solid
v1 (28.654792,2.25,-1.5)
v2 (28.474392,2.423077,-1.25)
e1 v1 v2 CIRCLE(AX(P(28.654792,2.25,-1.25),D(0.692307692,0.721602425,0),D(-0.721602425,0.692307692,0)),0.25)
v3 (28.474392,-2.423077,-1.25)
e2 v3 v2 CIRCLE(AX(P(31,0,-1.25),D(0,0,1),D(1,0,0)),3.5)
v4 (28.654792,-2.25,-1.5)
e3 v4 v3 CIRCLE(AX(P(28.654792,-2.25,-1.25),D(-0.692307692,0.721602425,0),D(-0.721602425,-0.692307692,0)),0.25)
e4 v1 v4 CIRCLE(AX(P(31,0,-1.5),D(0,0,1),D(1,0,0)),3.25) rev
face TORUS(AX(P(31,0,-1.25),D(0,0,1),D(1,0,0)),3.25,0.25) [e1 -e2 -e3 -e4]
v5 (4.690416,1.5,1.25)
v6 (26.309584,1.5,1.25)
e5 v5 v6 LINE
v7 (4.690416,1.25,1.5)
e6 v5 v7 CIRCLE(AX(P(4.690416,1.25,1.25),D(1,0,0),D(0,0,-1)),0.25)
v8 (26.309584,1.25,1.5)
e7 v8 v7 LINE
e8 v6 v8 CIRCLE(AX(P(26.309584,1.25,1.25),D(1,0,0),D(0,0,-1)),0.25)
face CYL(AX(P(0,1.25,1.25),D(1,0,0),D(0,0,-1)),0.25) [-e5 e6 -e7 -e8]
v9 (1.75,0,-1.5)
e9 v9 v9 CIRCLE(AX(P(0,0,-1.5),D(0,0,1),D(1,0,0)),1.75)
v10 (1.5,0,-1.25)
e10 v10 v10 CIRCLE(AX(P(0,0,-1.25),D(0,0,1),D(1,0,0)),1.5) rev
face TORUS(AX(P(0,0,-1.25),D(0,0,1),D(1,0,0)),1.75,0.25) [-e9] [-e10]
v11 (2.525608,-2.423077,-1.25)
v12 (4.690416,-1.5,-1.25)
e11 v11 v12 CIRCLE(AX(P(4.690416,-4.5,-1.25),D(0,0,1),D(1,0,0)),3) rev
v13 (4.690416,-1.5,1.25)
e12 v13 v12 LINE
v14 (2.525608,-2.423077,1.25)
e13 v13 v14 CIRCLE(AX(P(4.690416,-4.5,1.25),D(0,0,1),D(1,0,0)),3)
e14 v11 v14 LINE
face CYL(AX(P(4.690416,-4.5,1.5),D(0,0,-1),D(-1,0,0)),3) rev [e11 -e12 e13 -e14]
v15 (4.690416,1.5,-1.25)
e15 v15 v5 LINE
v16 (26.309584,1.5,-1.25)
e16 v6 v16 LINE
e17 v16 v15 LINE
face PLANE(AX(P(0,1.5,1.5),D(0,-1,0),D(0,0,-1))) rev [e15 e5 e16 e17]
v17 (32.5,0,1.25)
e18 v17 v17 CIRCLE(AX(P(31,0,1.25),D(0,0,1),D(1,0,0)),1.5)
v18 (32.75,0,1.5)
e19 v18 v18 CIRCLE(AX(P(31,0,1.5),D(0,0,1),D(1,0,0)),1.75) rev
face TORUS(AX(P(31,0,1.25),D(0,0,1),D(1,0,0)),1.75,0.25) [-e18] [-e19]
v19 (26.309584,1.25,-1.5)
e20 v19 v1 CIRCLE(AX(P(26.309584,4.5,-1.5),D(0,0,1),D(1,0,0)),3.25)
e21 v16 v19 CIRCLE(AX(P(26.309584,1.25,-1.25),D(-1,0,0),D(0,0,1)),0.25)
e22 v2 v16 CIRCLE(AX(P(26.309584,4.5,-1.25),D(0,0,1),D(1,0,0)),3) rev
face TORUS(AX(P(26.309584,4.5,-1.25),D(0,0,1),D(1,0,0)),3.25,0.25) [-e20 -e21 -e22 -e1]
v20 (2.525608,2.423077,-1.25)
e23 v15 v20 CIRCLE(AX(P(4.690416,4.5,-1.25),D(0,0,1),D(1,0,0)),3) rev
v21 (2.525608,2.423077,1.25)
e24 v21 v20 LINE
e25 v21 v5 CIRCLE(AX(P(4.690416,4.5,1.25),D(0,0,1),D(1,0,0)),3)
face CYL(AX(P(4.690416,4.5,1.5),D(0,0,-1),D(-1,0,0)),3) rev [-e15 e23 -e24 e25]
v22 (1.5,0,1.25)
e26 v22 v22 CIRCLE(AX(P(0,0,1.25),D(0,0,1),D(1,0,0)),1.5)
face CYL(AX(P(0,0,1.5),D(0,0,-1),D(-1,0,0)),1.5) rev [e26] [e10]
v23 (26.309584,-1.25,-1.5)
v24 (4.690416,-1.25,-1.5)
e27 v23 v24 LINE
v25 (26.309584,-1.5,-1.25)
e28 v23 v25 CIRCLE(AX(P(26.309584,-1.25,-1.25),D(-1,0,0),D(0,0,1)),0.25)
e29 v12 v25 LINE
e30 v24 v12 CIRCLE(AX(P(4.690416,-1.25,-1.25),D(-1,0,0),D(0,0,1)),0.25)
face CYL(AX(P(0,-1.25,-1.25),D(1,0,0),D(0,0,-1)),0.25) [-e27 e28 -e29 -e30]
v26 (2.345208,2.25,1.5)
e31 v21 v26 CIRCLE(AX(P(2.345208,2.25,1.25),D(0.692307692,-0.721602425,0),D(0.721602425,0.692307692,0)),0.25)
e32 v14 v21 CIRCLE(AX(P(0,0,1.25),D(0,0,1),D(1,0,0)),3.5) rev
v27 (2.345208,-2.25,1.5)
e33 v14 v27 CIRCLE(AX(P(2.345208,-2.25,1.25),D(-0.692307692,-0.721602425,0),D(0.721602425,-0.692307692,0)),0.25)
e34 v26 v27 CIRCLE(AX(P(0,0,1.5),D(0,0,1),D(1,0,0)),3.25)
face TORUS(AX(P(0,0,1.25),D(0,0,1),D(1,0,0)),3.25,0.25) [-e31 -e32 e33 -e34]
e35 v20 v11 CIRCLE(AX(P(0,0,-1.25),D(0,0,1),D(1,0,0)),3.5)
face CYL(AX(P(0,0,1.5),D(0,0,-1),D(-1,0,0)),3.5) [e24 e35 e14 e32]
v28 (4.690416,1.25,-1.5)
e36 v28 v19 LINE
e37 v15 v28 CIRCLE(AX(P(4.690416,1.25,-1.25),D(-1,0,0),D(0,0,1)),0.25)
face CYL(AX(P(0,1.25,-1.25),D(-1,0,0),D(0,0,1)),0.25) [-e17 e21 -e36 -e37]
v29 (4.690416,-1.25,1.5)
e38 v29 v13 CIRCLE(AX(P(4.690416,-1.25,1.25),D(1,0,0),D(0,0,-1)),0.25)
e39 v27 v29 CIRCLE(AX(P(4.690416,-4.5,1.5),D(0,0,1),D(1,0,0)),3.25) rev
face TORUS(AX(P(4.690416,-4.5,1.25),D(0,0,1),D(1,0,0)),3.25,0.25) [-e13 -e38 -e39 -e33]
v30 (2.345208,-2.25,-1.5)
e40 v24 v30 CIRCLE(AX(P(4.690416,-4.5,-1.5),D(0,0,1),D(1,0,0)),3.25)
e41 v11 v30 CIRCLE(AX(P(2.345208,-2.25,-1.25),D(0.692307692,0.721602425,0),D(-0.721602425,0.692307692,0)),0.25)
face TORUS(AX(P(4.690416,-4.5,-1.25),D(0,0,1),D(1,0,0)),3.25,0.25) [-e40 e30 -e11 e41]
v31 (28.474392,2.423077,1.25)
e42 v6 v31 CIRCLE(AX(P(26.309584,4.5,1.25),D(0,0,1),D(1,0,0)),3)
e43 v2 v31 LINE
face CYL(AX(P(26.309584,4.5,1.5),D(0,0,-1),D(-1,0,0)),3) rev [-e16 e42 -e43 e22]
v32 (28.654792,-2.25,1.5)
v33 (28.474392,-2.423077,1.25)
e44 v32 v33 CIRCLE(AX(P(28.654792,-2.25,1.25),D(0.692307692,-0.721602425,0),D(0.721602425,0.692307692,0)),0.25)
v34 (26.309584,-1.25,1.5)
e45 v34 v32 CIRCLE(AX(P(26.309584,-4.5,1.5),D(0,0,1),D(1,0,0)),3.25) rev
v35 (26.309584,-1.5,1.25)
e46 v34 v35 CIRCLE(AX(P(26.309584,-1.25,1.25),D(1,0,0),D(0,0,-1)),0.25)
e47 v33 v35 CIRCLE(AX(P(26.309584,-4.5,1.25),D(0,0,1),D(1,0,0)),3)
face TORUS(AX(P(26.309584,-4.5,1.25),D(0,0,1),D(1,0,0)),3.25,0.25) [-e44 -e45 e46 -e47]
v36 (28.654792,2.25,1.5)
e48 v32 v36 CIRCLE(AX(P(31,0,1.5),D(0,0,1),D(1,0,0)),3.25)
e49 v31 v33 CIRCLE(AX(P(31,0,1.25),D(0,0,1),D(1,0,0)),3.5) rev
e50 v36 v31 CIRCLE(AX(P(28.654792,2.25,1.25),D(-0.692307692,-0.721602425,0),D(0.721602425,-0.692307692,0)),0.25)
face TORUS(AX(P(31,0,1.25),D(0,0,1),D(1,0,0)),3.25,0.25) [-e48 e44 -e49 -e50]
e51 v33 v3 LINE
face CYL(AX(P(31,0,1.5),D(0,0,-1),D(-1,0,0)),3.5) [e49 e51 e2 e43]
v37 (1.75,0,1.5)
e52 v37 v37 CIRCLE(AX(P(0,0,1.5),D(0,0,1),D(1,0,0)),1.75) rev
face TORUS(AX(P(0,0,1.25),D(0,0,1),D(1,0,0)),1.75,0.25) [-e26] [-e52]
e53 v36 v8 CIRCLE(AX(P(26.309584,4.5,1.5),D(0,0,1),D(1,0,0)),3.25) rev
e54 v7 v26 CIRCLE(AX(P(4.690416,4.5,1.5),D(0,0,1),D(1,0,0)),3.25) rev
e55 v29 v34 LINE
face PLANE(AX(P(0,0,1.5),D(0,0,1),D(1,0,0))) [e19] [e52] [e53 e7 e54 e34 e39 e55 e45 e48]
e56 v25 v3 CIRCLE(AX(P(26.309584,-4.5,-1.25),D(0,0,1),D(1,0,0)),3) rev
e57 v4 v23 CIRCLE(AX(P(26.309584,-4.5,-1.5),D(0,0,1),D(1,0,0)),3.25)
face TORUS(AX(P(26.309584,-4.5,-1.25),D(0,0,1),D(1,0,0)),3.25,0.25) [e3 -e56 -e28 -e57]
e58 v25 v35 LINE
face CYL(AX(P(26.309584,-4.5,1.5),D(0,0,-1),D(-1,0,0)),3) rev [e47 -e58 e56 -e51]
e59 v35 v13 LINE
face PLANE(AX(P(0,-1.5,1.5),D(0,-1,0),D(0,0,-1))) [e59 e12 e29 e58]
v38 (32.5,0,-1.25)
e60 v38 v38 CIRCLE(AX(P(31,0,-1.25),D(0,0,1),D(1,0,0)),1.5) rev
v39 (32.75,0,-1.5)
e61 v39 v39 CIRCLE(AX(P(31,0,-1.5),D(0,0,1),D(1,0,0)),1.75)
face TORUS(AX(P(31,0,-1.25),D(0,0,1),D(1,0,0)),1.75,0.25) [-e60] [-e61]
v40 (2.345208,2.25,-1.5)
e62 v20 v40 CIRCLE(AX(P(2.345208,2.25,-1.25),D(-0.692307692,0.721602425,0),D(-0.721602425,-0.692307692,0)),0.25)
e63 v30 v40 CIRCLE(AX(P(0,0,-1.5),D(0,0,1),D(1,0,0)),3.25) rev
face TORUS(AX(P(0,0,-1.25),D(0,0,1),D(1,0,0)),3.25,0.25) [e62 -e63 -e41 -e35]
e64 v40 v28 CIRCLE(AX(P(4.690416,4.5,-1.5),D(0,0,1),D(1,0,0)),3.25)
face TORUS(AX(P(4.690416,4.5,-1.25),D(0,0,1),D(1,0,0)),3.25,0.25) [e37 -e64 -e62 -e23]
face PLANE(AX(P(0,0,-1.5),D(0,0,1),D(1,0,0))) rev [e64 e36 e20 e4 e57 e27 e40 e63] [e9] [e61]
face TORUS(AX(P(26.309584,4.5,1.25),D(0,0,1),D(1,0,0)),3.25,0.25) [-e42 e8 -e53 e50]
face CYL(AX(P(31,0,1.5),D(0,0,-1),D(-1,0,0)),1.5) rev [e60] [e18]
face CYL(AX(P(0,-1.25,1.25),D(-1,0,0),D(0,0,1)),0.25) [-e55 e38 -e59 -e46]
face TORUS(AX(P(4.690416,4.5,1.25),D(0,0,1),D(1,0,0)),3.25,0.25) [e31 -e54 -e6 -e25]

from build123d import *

# Parameters (mm, degrees)
SKETCH1_R           = 3.5
SKETCH1_R_2         = 1.5
BOSS_EXTRUDE1_DEPTH = 1.5
FILLET1_R           = 3
FILLET2_R           = 0.25


with BuildPart() as part:
    # Sketch1 → Boss-Extrude1 (new body, symmetric)
    with BuildSketch(Plane.XY):
        Circle(SKETCH1_R)
        Circle(SKETCH1_R_2, mode=Mode.SUBTRACT)
        with Locations((31, 0)):
            Circle(SKETCH1_R)
        with Locations((31, 0)):
            Circle(SKETCH1_R_2, mode=Mode.SUBTRACT)
        with BuildLine():
            Line((3.16227766, -1.5), (27.83772234, -1.5))
            ThreePointArc((27.83772234, -1.5), (27.5, 0), (27.83772234, 1.5))
            Line((27.83772234, 1.5), (3.16227766, 1.5))
            ThreePointArc((3.16227766, 1.5), (3.414525722, 0.768774411), (3.5, 0))
            ThreePointArc((3.5, 0), (3.414525722, -0.768774411), (3.16227766, -1.5))
        make_face()
    extrude(amount=BOSS_EXTRUDE1_DEPTH, both=True)

    # Fillet1
    fillet1_edges = [part.edges().sort_by_distance(p)[0] for p in [
        (3.16227766, 1.5, 0),
        (27.83772234, 1.5, 0),
        (27.83772234, -1.5, 0),
        (3.16227766, -1.5, 0),
    ]]
    fillet(fillet1_edges, radius=FILLET1_R)

    # Fillet2
    fillet2_edges = [part.edges().sort_by_distance(p)[0] for p in [
        (-1.5, 0, -1.5),
        (15.5, 1.5, -1.5),
        (15.5, 1.5, 1.5),
        (34.5, 0, -1.5),
        (34.5, 0, 1.5),
        (15.5, -1.5, -1.5),
        (15.5, -1.5, 1.5),
        (-3.5, 0, -1.5),
        (-3.5, 0, 1.5),
        (27.486281051, 1.740401367, -1.5),
        (27.486281051, 1.740401367, 1.5),
        (27.486281051, -1.740401367, -1.5),
        (29.5, 0, 1.5),
        (27.486281051, -1.740401367, 1.5),
        (3.513718949, -1.740401367, -1.5),
        (3.513718949, -1.740401367, 1.5),
        (3.513718949, 1.740401367, -1.5),
        (3.513718949, 1.740401367, 1.5),
        (-1.5, 0, 1.5),
        (29.5, 0, -1.5),
    ]]
    fillet(fillet2_edges, radius=FILLET2_R)


solid = part.part
